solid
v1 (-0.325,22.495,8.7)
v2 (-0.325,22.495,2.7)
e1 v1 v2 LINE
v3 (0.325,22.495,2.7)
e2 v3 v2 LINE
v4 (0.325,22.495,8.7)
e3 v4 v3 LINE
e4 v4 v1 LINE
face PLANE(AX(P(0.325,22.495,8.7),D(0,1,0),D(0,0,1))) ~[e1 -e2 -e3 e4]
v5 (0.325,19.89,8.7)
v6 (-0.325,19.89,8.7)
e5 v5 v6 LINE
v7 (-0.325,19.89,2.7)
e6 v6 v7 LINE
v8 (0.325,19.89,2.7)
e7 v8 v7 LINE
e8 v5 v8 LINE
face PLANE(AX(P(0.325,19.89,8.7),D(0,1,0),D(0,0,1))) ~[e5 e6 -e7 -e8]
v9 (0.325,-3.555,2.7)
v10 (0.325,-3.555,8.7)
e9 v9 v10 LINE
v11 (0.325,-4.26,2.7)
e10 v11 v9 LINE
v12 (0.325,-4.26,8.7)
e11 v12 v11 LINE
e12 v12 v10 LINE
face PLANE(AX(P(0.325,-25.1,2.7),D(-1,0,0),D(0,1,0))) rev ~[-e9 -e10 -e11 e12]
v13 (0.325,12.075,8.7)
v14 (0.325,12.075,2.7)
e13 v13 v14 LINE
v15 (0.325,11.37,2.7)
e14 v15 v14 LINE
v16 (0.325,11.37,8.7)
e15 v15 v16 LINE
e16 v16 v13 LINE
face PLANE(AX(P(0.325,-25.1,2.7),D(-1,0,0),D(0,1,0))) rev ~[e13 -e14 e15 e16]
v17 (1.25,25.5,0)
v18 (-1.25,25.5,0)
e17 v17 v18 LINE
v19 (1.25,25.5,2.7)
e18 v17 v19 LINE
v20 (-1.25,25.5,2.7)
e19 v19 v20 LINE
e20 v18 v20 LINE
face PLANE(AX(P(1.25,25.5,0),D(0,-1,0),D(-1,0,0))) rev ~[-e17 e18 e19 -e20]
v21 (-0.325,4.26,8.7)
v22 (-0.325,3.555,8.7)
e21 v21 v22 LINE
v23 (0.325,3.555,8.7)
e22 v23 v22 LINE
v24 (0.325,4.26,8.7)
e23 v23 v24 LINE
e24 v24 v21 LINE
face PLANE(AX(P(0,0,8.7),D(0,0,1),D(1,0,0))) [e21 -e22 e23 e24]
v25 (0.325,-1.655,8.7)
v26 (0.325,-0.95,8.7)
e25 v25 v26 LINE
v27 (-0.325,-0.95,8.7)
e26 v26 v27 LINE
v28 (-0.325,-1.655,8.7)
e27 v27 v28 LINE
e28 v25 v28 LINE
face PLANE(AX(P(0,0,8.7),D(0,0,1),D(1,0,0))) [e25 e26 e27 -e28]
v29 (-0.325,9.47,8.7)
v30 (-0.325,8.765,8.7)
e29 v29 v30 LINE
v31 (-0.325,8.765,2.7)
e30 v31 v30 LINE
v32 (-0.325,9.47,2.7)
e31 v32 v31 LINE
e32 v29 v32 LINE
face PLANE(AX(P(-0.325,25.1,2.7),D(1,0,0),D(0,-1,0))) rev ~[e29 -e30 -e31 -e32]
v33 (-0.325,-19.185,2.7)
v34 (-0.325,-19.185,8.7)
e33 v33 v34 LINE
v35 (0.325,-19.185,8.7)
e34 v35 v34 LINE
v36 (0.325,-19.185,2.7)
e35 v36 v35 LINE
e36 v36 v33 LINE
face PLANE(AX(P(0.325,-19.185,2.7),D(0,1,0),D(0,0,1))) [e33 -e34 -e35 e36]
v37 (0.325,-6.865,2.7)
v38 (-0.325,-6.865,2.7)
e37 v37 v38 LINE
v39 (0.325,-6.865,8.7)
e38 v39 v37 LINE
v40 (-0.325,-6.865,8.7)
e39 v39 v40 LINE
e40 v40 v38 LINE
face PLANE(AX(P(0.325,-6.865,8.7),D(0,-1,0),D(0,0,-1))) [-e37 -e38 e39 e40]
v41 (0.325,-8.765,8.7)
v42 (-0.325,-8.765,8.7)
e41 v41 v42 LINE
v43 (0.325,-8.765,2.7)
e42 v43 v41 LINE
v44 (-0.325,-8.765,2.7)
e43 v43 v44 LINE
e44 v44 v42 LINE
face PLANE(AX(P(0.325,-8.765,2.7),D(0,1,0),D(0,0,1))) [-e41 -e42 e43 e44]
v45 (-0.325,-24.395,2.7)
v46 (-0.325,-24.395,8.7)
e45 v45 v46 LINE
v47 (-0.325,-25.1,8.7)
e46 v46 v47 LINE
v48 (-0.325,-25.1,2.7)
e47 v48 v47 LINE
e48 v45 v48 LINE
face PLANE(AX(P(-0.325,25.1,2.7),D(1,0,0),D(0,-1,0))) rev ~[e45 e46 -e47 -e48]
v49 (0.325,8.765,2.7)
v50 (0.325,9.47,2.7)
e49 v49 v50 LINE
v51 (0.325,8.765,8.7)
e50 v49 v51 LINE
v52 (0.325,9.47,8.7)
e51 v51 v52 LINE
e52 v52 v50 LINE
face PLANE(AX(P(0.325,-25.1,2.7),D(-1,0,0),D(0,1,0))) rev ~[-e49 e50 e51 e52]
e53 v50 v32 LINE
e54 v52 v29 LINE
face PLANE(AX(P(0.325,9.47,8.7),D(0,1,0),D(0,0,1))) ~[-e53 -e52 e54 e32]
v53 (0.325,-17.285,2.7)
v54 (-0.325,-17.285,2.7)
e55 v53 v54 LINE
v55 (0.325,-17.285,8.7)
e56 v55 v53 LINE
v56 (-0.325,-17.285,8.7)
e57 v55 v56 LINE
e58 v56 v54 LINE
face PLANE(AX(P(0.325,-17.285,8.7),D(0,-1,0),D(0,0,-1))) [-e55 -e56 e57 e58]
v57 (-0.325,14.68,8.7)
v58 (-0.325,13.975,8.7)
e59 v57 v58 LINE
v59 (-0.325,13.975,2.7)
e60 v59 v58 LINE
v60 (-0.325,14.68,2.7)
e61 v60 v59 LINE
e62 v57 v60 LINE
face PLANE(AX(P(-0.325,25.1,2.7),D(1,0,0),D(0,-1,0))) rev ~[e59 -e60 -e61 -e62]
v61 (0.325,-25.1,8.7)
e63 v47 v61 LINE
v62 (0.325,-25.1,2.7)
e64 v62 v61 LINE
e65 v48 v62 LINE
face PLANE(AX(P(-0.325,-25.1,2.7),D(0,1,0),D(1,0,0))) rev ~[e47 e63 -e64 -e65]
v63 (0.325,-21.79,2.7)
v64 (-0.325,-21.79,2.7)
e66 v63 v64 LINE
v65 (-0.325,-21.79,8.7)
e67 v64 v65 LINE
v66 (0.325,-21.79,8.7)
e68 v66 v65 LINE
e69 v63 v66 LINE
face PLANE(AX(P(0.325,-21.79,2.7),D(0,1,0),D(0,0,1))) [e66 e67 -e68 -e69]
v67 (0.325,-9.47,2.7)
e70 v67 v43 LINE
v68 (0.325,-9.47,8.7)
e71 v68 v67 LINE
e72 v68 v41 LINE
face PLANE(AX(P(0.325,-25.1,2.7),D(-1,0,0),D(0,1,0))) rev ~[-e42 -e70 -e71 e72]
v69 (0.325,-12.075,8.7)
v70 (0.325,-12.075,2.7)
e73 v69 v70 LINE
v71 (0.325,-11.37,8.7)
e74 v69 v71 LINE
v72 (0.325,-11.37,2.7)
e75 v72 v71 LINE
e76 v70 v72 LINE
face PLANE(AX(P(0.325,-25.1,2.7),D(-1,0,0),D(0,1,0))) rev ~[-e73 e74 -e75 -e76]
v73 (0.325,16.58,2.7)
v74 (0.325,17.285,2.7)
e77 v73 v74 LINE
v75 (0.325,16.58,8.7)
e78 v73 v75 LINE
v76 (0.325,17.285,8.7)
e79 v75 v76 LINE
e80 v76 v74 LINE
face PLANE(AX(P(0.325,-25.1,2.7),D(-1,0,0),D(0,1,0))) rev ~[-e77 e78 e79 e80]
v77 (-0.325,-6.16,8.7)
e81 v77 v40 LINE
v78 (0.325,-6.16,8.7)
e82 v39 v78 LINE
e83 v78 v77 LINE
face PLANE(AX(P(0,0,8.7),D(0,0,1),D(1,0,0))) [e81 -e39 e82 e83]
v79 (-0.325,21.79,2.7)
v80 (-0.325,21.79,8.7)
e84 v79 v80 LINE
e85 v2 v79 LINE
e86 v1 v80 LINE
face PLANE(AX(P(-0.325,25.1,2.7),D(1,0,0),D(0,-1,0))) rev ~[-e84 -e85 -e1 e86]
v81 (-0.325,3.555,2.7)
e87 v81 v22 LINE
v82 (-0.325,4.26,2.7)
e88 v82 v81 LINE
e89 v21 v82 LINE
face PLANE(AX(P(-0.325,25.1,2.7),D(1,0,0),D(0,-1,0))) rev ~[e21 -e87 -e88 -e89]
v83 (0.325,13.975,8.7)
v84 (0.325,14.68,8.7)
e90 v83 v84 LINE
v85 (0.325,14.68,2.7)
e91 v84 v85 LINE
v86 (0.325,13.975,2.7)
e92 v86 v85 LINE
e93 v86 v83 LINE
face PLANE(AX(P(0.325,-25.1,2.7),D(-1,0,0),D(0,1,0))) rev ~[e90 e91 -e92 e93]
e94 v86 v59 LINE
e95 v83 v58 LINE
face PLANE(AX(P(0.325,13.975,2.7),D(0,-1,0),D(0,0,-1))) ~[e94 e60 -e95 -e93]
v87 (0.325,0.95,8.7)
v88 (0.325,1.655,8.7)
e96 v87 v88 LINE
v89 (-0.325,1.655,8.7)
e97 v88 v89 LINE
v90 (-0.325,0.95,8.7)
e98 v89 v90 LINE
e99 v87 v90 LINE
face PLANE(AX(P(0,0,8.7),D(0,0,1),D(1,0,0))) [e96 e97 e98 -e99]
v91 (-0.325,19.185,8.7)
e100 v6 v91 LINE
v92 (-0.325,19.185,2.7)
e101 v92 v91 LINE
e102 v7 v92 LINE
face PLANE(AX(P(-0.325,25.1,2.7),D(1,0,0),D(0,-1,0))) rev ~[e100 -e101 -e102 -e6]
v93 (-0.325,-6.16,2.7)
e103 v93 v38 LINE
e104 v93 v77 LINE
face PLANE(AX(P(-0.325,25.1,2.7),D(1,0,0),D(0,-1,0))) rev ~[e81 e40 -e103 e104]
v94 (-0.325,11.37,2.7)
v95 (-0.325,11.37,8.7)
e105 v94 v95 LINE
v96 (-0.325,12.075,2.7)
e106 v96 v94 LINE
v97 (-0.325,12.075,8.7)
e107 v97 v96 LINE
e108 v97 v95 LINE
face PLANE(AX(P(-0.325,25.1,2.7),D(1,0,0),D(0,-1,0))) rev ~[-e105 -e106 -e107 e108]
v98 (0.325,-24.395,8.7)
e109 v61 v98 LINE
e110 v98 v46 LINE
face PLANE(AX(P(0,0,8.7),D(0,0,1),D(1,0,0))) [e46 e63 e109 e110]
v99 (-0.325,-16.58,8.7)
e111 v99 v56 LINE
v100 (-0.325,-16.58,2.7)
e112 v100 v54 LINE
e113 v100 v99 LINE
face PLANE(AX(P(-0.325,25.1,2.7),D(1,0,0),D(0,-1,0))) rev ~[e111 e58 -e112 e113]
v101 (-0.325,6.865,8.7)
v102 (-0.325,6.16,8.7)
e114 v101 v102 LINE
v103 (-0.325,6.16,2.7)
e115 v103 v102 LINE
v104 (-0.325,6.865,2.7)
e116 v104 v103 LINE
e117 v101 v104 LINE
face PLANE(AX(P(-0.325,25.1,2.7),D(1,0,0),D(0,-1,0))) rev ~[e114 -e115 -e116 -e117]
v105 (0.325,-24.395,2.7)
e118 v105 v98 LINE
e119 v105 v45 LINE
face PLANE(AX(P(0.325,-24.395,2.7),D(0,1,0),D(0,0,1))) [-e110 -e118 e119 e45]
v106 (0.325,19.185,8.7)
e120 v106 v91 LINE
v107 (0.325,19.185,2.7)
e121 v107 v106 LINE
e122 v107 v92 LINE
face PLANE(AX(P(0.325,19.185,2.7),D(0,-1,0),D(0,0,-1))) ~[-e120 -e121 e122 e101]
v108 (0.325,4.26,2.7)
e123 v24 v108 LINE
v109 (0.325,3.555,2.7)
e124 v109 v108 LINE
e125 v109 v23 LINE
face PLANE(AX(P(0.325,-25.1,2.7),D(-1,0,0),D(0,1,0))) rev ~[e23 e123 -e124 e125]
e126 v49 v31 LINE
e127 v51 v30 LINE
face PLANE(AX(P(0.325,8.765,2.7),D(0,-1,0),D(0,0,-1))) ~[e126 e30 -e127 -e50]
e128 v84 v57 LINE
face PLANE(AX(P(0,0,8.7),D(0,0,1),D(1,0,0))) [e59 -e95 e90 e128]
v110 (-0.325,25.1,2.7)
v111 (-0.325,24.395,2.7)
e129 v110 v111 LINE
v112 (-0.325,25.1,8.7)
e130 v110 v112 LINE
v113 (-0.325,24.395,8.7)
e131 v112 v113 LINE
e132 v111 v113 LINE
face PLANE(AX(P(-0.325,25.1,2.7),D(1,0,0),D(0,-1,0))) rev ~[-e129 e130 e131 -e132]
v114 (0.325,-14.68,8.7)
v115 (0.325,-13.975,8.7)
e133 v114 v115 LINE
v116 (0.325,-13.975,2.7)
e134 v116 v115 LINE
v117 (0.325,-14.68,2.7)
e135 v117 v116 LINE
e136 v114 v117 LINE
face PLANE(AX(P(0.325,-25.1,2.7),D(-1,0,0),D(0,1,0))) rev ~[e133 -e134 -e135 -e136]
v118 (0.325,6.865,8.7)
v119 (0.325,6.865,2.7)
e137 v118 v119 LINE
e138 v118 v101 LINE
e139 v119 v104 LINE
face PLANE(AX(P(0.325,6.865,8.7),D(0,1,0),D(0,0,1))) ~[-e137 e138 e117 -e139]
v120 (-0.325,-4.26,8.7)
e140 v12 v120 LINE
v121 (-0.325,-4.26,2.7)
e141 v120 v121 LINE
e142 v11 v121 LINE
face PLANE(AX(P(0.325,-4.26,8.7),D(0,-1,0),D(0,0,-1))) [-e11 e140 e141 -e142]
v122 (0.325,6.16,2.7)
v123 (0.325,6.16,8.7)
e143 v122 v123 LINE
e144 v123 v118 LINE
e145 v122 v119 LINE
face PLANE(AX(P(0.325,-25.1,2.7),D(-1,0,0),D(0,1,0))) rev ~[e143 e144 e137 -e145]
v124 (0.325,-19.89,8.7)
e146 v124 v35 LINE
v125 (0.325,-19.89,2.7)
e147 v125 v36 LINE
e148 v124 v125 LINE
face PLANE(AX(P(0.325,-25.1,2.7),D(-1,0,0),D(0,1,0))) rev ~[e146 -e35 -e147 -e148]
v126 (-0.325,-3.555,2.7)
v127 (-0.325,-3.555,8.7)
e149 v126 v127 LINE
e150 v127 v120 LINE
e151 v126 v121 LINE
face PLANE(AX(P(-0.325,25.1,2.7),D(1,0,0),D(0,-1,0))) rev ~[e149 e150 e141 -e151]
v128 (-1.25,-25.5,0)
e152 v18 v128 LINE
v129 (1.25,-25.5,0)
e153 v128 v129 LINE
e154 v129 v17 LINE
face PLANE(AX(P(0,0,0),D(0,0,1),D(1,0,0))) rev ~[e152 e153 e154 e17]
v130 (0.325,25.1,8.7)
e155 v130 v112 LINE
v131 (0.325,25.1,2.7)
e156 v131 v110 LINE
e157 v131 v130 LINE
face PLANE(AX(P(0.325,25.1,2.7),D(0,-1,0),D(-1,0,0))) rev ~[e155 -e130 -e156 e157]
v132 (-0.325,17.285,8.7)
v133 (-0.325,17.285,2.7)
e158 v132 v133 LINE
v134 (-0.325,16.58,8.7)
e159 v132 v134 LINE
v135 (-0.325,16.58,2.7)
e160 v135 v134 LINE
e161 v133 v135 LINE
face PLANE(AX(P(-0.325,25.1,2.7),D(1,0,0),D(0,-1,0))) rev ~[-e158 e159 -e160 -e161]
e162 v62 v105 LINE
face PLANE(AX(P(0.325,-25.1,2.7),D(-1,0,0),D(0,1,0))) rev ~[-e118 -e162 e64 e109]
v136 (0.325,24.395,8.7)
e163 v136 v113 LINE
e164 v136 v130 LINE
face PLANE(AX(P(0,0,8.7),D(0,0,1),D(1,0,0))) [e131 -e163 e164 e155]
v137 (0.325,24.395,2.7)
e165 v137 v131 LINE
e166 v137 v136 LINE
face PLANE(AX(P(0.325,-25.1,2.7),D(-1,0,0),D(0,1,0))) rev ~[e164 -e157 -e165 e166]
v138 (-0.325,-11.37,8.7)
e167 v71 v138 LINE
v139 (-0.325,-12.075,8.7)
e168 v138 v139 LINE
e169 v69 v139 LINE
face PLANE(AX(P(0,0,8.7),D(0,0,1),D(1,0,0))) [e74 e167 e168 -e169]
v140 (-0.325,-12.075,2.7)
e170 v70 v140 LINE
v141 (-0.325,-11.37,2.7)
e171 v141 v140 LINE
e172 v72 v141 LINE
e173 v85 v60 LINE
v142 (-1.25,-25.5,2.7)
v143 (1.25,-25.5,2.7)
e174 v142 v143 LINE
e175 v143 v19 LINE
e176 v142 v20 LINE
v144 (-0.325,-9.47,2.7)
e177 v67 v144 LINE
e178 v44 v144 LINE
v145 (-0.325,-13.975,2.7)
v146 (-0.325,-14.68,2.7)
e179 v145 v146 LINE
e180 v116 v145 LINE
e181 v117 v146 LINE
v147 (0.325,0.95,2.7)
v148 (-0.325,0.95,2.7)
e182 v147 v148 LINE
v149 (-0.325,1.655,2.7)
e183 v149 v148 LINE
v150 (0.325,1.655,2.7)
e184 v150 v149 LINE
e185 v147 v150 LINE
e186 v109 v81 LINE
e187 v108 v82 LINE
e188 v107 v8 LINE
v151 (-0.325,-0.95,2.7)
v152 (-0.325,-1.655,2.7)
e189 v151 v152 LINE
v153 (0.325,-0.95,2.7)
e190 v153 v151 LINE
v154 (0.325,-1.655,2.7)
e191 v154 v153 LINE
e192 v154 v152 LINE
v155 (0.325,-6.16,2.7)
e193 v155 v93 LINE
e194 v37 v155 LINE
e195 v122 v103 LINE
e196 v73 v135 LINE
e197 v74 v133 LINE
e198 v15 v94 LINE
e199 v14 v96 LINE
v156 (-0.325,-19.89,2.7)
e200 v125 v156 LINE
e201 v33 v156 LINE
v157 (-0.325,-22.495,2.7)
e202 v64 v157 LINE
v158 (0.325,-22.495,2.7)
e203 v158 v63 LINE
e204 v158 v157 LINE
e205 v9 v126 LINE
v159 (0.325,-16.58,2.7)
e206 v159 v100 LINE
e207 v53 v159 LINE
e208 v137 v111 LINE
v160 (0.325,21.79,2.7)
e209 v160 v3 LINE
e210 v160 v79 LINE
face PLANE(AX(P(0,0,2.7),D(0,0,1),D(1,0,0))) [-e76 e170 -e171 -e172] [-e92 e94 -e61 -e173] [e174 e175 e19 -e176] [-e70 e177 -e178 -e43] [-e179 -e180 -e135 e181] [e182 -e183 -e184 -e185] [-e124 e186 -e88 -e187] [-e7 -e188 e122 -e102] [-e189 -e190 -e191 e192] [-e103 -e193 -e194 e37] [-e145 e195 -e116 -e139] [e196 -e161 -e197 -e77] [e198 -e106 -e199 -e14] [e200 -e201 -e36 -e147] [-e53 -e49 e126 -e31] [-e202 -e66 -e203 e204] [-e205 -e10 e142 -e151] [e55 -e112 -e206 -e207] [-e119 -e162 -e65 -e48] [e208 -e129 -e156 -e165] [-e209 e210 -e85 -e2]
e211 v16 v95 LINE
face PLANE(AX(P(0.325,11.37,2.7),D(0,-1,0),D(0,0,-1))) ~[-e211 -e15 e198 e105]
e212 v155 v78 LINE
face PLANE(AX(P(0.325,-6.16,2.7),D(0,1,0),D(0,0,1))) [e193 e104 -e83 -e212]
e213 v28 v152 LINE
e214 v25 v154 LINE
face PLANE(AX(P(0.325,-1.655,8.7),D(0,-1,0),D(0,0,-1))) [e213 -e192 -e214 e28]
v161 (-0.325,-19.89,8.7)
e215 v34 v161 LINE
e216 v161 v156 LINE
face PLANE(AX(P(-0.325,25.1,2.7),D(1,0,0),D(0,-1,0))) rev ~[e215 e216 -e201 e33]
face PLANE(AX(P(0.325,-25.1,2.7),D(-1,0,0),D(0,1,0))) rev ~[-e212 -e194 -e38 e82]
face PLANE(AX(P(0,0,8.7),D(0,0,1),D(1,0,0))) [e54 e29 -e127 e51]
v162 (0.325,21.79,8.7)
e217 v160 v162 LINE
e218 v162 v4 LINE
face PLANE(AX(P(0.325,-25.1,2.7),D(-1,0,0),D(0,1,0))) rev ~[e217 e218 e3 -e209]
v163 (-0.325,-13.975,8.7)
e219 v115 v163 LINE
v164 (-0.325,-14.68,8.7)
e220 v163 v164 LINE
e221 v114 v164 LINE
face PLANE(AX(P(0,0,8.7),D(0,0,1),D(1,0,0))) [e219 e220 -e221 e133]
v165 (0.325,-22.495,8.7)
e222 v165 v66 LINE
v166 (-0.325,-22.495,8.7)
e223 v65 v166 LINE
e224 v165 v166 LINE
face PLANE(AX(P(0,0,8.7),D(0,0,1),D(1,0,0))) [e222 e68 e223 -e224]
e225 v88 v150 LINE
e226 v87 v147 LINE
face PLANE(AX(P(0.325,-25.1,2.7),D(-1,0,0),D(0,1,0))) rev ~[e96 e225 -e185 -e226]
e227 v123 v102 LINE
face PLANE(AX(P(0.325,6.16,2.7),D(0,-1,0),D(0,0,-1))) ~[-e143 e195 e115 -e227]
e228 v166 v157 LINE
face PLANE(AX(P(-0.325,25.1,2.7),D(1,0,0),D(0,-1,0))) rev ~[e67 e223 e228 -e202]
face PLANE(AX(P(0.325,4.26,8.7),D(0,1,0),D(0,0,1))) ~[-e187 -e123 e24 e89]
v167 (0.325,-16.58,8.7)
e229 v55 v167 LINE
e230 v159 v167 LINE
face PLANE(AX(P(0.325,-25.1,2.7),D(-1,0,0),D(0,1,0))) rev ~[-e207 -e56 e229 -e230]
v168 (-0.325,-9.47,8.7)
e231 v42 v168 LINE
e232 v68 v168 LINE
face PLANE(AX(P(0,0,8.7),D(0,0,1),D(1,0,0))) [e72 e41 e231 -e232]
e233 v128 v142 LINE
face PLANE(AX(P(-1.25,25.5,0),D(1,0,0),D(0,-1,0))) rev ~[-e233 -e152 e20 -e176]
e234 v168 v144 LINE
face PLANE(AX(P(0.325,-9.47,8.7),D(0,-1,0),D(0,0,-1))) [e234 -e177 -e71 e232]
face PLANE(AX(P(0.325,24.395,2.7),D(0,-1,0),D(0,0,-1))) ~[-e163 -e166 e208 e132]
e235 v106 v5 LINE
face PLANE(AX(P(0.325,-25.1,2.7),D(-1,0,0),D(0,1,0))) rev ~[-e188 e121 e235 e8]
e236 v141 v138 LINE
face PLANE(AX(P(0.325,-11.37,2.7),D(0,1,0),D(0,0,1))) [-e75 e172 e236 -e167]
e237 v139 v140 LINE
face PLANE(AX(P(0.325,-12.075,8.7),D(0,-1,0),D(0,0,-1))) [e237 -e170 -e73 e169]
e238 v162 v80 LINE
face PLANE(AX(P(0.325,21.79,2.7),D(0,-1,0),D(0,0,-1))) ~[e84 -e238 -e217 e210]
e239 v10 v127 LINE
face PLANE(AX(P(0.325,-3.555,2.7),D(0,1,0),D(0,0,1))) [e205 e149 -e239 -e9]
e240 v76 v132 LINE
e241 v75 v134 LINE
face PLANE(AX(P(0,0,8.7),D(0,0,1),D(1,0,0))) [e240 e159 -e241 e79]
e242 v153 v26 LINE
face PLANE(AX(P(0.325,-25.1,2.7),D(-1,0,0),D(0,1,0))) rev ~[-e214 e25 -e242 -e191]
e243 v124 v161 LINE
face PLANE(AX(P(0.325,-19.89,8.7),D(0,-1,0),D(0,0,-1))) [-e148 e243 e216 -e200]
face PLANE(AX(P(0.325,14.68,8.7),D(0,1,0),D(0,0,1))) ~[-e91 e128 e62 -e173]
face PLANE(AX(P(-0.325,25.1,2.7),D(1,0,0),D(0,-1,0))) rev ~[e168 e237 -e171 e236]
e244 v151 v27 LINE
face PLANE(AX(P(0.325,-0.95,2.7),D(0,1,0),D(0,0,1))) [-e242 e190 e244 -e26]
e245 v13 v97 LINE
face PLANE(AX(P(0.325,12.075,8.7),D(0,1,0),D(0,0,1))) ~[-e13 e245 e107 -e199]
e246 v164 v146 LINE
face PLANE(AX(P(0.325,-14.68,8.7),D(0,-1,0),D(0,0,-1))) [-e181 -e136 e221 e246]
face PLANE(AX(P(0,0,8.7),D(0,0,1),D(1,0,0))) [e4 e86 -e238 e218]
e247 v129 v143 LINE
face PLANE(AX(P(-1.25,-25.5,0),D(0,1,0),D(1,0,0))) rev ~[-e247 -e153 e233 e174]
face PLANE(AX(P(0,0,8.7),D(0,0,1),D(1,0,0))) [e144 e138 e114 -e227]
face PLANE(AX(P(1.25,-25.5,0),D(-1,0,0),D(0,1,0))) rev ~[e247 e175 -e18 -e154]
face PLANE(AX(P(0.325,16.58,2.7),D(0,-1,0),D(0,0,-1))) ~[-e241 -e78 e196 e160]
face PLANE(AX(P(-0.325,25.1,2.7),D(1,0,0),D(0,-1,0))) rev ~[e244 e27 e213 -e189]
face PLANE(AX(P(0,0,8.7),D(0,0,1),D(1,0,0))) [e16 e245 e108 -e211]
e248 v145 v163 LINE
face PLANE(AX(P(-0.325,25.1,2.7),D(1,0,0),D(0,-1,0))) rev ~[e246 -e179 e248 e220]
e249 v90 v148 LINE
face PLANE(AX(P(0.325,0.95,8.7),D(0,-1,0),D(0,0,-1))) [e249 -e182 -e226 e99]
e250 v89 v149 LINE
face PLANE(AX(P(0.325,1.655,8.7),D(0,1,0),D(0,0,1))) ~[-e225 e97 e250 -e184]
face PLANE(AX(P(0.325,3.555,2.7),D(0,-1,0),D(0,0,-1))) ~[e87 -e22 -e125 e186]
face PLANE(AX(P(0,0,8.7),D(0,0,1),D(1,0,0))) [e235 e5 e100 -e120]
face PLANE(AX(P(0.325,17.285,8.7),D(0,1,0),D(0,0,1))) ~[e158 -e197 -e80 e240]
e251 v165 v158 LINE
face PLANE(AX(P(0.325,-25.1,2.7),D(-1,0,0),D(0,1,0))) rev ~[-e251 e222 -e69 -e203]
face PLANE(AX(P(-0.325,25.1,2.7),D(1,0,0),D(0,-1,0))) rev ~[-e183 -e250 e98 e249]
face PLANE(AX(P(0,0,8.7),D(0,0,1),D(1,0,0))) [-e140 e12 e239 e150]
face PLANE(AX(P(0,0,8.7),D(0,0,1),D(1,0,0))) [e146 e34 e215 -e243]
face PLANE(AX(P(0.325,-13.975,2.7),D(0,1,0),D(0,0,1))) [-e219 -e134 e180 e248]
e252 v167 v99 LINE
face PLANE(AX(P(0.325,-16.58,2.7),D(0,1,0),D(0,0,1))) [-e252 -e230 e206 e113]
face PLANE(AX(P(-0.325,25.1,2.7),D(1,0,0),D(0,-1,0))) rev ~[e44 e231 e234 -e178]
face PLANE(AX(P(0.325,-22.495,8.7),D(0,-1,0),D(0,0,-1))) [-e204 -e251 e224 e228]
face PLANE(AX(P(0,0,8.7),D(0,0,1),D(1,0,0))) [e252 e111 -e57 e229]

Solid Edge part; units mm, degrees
sketch "Sketch1" plane through (0, 0, 0) normal (0, 0, 1) x (1, 0, 0)
  line L0 (-1.25, -25.5) -> (1.25, -25.5)
  line L1 (1.25, -25.5) -> (1.25, 25.5)
  line L2 (1.25, 25.5) -> (-1.25, 25.5)
  line L3 (-1.25, 25.5) -> (-1.25, -25.5)
  dimension "D1" = 2.5
  dimension "D2" = 51
extrude "Protrusion1" add sketch "Sketch1" along normal blind 2.7
sketch "Sketch2" plane through (0, 0, 2.7) normal (0, 0, 1) x (0, 1, 0)
  line L0 (-25.1, -0.325) -> (25.1, -0.325)
  line L1 (25.1, -0.325) -> (25.1, 0.325)
  line L2 (25.1, 0.325) -> (-25.1, 0.325)
  line L3 (-25.1, 0.325) -> (-25.1, -0.325)
  dimension "D1" = 0.65
  dimension "D2" = 50.2
extrude "Extrusionsausprägung_2" add sketch "Sketch2" along normal blind 6
sketch "Sketch3" plane through (0.325, 0, 5.7) normal (1, 0, 0) x (0, 1, 0)
  line L0 (-21.79, 3) -> (-19.89, 3)
  line L1 (-19.89, 3) -> (-19.89, -3)
  line L2 (-19.89, -3) -> (-21.79, -3)
  line L3 (-21.79, -3) -> (-21.79, 3)
  line L4 (-19.185, 3) -> (-17.285, 3)
  line L5 (-17.285, 3) -> (-17.285, -3)
  line L6 (-17.285, -3) -> (-19.185, -3)
  line L7 (-19.185, -3) -> (-19.185, 3)
  line L8 (-16.58, 3) -> (-14.68, 3)
  line L9 (-14.68, 3) -> (-14.68, -3)
  line L10 (-14.68, -3) -> (-16.58, -3)
  line L11 (-16.58, -3) -> (-16.58, 3)
  line L12 (-13.975, 3) -> (-12.075, 3)
  line L13 (-12.075, 3) -> (-12.075, -3)
  line L14 (-12.075, -3) -> (-13.975, -3)
  line L15 (-13.975, -3) -> (-13.975, 3)
  line L16 (-11.37, 3) -> (-9.47, 3)
  line L17 (-9.47, 3) -> (-9.47, -3)
  line L18 (-9.47, -3) -> (-11.37, -3)
  line L19 (-11.37, -3) -> (-11.37, 3)
  line L20 (-8.765, 3) -> (-6.865, 3)
  line L21 (-6.865, 3) -> (-6.865, -3)
  line L22 (-6.865, -3) -> (-8.765, -3)
  line L23 (-8.765, -3) -> (-8.765, 3)
  line L24 (-6.16, 3) -> (-4.26, 3)
  line L25 (-4.26, 3) -> (-4.26, -3)
  line L26 (-4.26, -3) -> (-6.16, -3)
  line L27 (-6.16, -3) -> (-6.16, 3)
  line L28 (-3.555, 3) -> (-1.655, 3)
  line L29 (-1.655, 3) -> (-1.655, -3)
  line L30 (-1.655, -3) -> (-3.555, -3)
  line L31 (-3.555, -3) -> (-3.555, 3)
  line L32 (-0.95, 3) -> (0.95, 3)
  line L33 (0.95, 3) -> (0.95, -3)
  line L34 (0.95, -3) -> (-0.95, -3)
  line L35 (-0.95, -3) -> (-0.95, 3)
  line L36 (-24.395, 3) -> (-22.495, 3)
  line L37 (-22.495, 3) -> (-22.495, -3)
  line L38 (-22.495, -3) -> (-24.395, -3)
  line L39 (-24.395, -3) -> (-24.395, 3)
  dimension "D1" = 0.705
  dimension "D2" = 1.9
extrude "Cutout1" cut sketch "Sketch3" against normal through all
mirror "Mirror1" about plane through (0, 0, 0) normal (0, -1, 0) of "Cutout1"
